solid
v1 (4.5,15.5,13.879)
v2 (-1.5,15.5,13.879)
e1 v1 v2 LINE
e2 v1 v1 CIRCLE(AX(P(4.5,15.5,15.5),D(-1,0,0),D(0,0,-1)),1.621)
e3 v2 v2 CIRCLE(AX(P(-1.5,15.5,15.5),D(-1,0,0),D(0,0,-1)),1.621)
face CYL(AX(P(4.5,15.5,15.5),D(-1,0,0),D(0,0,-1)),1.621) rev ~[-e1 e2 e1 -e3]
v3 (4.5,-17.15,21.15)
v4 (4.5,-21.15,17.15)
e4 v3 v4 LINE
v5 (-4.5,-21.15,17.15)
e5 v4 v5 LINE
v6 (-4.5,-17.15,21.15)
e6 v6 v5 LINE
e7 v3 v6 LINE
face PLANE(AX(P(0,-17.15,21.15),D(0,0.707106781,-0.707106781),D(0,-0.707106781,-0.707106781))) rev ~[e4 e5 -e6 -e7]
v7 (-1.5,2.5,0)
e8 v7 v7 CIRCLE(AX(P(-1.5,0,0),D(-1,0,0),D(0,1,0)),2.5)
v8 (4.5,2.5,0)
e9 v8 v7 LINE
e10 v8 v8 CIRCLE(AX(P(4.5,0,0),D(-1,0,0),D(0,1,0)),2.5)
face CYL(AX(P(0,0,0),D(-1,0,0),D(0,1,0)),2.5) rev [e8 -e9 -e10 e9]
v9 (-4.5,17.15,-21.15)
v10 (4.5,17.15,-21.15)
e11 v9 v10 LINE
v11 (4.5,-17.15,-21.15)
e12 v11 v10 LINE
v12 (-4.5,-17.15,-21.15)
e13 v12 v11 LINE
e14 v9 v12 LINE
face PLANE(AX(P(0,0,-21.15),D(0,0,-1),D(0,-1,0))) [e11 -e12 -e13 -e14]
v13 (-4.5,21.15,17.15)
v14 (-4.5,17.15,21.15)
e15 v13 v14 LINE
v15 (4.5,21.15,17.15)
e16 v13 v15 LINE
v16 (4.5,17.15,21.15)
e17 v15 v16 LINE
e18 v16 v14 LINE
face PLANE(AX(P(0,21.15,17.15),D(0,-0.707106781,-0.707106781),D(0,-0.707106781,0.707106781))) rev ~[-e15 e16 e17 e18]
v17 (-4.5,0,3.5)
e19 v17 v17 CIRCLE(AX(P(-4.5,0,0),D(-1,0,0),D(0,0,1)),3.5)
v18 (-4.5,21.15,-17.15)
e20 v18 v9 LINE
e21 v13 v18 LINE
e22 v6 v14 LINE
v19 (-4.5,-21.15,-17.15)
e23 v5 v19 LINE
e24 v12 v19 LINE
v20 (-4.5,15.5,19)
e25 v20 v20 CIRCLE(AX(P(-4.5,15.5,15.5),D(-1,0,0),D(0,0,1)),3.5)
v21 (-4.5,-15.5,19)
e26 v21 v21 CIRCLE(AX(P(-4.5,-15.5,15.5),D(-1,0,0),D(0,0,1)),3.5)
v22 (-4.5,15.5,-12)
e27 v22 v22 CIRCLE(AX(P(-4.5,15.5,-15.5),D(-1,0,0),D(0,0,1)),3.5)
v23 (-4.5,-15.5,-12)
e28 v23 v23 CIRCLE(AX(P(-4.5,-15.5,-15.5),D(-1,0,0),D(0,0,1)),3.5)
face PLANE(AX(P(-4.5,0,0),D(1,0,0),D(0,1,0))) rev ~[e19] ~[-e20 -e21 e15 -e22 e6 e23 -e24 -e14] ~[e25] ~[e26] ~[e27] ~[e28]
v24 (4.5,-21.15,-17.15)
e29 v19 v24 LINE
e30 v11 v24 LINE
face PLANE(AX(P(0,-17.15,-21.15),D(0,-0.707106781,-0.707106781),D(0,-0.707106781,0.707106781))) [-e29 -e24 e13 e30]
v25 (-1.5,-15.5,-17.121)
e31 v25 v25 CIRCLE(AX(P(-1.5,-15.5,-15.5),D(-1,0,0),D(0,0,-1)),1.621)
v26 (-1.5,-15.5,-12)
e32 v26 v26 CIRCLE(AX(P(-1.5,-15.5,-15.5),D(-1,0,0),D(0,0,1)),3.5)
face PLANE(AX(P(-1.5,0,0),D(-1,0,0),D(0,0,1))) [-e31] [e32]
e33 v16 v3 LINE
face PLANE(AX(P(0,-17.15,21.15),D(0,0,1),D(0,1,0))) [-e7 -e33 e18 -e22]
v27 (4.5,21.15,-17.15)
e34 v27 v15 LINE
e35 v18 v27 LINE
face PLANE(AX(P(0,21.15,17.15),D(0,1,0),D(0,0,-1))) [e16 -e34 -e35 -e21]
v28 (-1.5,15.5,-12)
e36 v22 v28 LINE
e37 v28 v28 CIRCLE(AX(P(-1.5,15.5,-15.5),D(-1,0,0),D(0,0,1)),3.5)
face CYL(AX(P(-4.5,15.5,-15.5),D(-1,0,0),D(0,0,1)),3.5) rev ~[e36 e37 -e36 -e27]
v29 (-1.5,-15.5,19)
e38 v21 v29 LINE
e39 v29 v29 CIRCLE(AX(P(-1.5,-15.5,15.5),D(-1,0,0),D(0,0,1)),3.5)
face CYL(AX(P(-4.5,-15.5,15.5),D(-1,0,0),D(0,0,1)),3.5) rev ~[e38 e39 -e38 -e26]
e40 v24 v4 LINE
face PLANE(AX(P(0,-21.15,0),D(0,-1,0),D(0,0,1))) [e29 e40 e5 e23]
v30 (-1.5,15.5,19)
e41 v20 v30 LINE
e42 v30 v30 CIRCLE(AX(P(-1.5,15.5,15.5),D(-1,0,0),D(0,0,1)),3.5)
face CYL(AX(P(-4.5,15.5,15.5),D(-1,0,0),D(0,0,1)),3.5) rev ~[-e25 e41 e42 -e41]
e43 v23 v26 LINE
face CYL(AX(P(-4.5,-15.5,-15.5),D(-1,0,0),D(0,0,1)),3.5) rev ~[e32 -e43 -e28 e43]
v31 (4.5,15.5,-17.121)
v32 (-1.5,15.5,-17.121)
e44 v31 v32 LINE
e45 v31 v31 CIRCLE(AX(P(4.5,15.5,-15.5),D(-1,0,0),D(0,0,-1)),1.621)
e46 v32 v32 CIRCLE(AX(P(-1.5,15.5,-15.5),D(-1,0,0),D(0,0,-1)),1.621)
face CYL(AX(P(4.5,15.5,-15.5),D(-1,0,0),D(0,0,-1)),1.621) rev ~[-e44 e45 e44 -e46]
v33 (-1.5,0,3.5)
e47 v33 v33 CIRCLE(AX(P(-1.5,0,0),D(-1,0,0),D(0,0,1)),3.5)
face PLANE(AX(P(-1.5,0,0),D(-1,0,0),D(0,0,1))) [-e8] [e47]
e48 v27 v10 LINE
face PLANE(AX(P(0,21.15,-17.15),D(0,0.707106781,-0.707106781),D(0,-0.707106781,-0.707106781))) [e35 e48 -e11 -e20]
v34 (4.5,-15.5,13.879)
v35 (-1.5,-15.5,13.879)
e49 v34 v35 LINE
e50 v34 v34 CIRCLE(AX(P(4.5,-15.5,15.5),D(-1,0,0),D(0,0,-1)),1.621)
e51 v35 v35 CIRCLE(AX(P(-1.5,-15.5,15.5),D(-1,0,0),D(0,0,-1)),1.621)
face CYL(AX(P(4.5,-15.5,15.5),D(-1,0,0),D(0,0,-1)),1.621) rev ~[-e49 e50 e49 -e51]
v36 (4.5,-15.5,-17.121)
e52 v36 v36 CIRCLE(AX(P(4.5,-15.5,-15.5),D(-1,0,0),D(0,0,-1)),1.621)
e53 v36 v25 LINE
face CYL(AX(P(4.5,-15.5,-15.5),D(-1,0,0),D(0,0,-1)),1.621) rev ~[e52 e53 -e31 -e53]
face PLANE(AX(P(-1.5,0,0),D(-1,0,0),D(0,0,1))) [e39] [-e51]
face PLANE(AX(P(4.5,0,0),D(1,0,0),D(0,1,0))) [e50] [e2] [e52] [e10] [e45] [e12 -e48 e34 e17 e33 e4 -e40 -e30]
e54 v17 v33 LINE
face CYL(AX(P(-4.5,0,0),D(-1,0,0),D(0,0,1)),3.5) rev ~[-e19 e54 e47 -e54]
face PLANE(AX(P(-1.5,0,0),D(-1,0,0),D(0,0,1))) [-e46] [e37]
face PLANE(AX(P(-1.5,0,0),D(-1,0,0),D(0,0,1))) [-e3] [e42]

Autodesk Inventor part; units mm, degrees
ref_plane "YZ Plane" through (0, 0, 0) normal (1, 0, 0) x (0, 1, 0)
ref_plane "XZ Plane" through (0, 0, 0) normal (0, 1, 0) x (-1, 0, 0)
ref_plane "XY Plane" through (0, 0, 0) normal (0, 0, 1) x (1, 0, 0)
sketch "Skizze1" plane through (0, 0, 0) normal (1, 0, 0) x (0, 1, 0)
  line L0 (-29.61, 0) -> (29.61, 0) projected
  line L1 (0, -29.61) -> (0, 29.61) projected
  line L2 (-17.15, 21.15) -> (17.15, 21.15)
  line L3 (21.15, 17.15) -> (21.15, -17.15)
  line L4 (17.15, -21.15) -> (-17.15, -21.15)
  line L5 (-21.15, -17.15) -> (-21.15, 17.15)
  line L6 (21.15, 17.15) -> (17.15, 21.15)
  line L7 (21.15, -17.15) -> (17.15, -21.15)
  line L8 (-17.15, -21.15) -> (-21.15, -17.15)
  line L9 (-17.15, 21.15) -> (-21.15, 17.15)
  circle A0 centre (0, 0) radius 2.5
  point P0 (-21.15, 21.15)
  point P1 (21.15, -21.15)
  point P2 (21.15, 21.15)
  point P3 (-21.15, -21.15)
  dimension "d0" = 42.3
  dimension "d1" = 42.3
  dimension "d5" = 4
  dimension "d6" = 4
  dimension "d7" = 4
  dimension "d8" = 4
  dimension "d9" = 4
  dimension "d10" = 4
  dimension "d11" = 4
  dimension "d12" = 4
  dimension "d13" = 5
extrude "Extrusion2" add sketch "Skizze1" along normal mid plane 9 contours L5 L9 L2 L1 A0 L0 | L0 A0 L1 L4 L8 L5 | L1 L2 L6 L3 L0 A0 | A0 L0 L3 L7 L4 L1
sketch "Skizze2" plane through (4.5, 0, 0) normal (1, 0, 0) x (0, 0, -1)
  circle A0 centre (0, 0) radius 2.5 projected
  line L0 (-17.15, 21.15) -> (-21.15, 17.15) projected
  line L1 (-21.15, 17.15) -> (-21.15, -17.15) projected
  line L2 (-21.15, -17.15) -> (-17.15, -21.15) projected
  line L3 (-17.15, -21.15) -> (17.15, -21.15) projected
  line L4 (17.15, -21.15) -> (21.15, -17.15) projected
  line L5 (21.15, -17.15) -> (21.15, 17.15) projected
  line L6 (21.15, 17.15) -> (17.15, 21.15) projected
  line L7 (17.15, 21.15) -> (-17.15, 21.15) projected
  line L8 (0, -29.61) -> (0, 29.61) projected
  line L9 (29.61, 0) -> (-29.61, 0) projected
  point P0 (-15.5, 15.5)
  point P1 (15.5, 15.5)
  point P2 (-15.5, -15.5)
  point P3 (15.5, -15.5)
  dimension "d18" = 15.5
  dimension "d19" = 15.5
hole "Bohrung1" at (4.5, 15.5, 15.5) at (4.5, 15.5, -15.5) at (4.5, -15.5, 15.5) at (4.5, -15.5, -15.5) direction (-1, 0, 0) diameter 3.242 end through all thread size "M4x0.7" class "6H" standard "ISO Metric profile"
sketch "Skizze4" plane through (-4.5, 0, 0) normal (-1, 0, 0) x (0, 0, 1)
  circle A0 centre (15.5, -15.5) radius 1.621 projected
  circle A1 centre (15.5, 15.5) radius 1.621 projected
  circle A2 centre (-15.5, 15.5) radius 1.621 projected
  circle A3 centre (-15.5, -15.5) radius 1.621 projected
  circle A4 centre (0, 0) radius 2.5 projected
  line L0 (21.15, 17.15) -> (17.15, 21.15) projected
  line L1 (17.15, 21.15) -> (-17.15, 21.15) projected
  line L2 (-17.15, 21.15) -> (-21.15, 17.15) projected
  line L3 (-21.15, 17.15) -> (-21.15, -17.15) projected
  line L4 (-21.15, -17.15) -> (-17.15, -21.15) projected
  line L5 (-17.15, -21.15) -> (17.15, -21.15) projected
  line L6 (17.15, -21.15) -> (21.15, -17.15) projected
  line L7 (21.15, -17.15) -> (21.15, 17.15) projected
  circle A5 centre (15.5, 15.5) radius 3.5
  circle A6 centre (15.5, -15.5) radius 3.5
  circle A7 centre (-15.5, 15.5) radius 3.5
  circle A8 centre (-15.5, -15.5) radius 3.5
  dimension "d34" = 7
  dimension "d35" = 7
  dimension "d36" = 7
  dimension "d37" = 7
extrude "Extrusion4" cut sketch "Skizze4" against normal blind 3 contours A5 | A6 | A7 | A8
sketch "Skizze5" plane through (-4.5, 0, 0) normal (-1, 0, 0) x (0, 0, 1)
  circle A0 centre (-15.5, 15.5) radius 3.5 projected
  circle A1 centre (15.5, 15.5) radius 3.5 projected
  circle A2 centre (15.5, -15.5) radius 3.5 projected
  circle A3 centre (-15.5, -15.5) radius 3.5 projected
  circle A4 centre (0, 0) radius 2.5 projected
  line L0 (21.15, 17.15) -> (17.15, 21.15) projected
  line L1 (17.15, 21.15) -> (-17.15, 21.15) projected
  line L2 (-17.15, 21.15) -> (-21.15, 17.15) projected
  line L3 (-21.15, 17.15) -> (-21.15, -17.15) projected
  line L4 (-21.15, -17.15) -> (-17.15, -21.15) projected
  line L5 (-17.15, -21.15) -> (17.15, -21.15) projected
  line L6 (17.15, -21.15) -> (21.15, -17.15) projected
  line L7 (21.15, -17.15) -> (21.15, 17.15) projected
  circle A5 centre (0, 0) radius 3.5
  dimension "d40" = 7
extrude "Extrusion5" cut sketch "Skizze5" against normal blind 3 contours A5
equation "\"d6\" = d5"
equation "\"d8\" = d7"
equation "\"d9\" = d7"
equation "\"d10\" = d9"
equation "\"d11\" = d7"
equation "\"d12\" = d11"
properties part number "BackPlatte" material "Stahl, Kohlenstoff"
